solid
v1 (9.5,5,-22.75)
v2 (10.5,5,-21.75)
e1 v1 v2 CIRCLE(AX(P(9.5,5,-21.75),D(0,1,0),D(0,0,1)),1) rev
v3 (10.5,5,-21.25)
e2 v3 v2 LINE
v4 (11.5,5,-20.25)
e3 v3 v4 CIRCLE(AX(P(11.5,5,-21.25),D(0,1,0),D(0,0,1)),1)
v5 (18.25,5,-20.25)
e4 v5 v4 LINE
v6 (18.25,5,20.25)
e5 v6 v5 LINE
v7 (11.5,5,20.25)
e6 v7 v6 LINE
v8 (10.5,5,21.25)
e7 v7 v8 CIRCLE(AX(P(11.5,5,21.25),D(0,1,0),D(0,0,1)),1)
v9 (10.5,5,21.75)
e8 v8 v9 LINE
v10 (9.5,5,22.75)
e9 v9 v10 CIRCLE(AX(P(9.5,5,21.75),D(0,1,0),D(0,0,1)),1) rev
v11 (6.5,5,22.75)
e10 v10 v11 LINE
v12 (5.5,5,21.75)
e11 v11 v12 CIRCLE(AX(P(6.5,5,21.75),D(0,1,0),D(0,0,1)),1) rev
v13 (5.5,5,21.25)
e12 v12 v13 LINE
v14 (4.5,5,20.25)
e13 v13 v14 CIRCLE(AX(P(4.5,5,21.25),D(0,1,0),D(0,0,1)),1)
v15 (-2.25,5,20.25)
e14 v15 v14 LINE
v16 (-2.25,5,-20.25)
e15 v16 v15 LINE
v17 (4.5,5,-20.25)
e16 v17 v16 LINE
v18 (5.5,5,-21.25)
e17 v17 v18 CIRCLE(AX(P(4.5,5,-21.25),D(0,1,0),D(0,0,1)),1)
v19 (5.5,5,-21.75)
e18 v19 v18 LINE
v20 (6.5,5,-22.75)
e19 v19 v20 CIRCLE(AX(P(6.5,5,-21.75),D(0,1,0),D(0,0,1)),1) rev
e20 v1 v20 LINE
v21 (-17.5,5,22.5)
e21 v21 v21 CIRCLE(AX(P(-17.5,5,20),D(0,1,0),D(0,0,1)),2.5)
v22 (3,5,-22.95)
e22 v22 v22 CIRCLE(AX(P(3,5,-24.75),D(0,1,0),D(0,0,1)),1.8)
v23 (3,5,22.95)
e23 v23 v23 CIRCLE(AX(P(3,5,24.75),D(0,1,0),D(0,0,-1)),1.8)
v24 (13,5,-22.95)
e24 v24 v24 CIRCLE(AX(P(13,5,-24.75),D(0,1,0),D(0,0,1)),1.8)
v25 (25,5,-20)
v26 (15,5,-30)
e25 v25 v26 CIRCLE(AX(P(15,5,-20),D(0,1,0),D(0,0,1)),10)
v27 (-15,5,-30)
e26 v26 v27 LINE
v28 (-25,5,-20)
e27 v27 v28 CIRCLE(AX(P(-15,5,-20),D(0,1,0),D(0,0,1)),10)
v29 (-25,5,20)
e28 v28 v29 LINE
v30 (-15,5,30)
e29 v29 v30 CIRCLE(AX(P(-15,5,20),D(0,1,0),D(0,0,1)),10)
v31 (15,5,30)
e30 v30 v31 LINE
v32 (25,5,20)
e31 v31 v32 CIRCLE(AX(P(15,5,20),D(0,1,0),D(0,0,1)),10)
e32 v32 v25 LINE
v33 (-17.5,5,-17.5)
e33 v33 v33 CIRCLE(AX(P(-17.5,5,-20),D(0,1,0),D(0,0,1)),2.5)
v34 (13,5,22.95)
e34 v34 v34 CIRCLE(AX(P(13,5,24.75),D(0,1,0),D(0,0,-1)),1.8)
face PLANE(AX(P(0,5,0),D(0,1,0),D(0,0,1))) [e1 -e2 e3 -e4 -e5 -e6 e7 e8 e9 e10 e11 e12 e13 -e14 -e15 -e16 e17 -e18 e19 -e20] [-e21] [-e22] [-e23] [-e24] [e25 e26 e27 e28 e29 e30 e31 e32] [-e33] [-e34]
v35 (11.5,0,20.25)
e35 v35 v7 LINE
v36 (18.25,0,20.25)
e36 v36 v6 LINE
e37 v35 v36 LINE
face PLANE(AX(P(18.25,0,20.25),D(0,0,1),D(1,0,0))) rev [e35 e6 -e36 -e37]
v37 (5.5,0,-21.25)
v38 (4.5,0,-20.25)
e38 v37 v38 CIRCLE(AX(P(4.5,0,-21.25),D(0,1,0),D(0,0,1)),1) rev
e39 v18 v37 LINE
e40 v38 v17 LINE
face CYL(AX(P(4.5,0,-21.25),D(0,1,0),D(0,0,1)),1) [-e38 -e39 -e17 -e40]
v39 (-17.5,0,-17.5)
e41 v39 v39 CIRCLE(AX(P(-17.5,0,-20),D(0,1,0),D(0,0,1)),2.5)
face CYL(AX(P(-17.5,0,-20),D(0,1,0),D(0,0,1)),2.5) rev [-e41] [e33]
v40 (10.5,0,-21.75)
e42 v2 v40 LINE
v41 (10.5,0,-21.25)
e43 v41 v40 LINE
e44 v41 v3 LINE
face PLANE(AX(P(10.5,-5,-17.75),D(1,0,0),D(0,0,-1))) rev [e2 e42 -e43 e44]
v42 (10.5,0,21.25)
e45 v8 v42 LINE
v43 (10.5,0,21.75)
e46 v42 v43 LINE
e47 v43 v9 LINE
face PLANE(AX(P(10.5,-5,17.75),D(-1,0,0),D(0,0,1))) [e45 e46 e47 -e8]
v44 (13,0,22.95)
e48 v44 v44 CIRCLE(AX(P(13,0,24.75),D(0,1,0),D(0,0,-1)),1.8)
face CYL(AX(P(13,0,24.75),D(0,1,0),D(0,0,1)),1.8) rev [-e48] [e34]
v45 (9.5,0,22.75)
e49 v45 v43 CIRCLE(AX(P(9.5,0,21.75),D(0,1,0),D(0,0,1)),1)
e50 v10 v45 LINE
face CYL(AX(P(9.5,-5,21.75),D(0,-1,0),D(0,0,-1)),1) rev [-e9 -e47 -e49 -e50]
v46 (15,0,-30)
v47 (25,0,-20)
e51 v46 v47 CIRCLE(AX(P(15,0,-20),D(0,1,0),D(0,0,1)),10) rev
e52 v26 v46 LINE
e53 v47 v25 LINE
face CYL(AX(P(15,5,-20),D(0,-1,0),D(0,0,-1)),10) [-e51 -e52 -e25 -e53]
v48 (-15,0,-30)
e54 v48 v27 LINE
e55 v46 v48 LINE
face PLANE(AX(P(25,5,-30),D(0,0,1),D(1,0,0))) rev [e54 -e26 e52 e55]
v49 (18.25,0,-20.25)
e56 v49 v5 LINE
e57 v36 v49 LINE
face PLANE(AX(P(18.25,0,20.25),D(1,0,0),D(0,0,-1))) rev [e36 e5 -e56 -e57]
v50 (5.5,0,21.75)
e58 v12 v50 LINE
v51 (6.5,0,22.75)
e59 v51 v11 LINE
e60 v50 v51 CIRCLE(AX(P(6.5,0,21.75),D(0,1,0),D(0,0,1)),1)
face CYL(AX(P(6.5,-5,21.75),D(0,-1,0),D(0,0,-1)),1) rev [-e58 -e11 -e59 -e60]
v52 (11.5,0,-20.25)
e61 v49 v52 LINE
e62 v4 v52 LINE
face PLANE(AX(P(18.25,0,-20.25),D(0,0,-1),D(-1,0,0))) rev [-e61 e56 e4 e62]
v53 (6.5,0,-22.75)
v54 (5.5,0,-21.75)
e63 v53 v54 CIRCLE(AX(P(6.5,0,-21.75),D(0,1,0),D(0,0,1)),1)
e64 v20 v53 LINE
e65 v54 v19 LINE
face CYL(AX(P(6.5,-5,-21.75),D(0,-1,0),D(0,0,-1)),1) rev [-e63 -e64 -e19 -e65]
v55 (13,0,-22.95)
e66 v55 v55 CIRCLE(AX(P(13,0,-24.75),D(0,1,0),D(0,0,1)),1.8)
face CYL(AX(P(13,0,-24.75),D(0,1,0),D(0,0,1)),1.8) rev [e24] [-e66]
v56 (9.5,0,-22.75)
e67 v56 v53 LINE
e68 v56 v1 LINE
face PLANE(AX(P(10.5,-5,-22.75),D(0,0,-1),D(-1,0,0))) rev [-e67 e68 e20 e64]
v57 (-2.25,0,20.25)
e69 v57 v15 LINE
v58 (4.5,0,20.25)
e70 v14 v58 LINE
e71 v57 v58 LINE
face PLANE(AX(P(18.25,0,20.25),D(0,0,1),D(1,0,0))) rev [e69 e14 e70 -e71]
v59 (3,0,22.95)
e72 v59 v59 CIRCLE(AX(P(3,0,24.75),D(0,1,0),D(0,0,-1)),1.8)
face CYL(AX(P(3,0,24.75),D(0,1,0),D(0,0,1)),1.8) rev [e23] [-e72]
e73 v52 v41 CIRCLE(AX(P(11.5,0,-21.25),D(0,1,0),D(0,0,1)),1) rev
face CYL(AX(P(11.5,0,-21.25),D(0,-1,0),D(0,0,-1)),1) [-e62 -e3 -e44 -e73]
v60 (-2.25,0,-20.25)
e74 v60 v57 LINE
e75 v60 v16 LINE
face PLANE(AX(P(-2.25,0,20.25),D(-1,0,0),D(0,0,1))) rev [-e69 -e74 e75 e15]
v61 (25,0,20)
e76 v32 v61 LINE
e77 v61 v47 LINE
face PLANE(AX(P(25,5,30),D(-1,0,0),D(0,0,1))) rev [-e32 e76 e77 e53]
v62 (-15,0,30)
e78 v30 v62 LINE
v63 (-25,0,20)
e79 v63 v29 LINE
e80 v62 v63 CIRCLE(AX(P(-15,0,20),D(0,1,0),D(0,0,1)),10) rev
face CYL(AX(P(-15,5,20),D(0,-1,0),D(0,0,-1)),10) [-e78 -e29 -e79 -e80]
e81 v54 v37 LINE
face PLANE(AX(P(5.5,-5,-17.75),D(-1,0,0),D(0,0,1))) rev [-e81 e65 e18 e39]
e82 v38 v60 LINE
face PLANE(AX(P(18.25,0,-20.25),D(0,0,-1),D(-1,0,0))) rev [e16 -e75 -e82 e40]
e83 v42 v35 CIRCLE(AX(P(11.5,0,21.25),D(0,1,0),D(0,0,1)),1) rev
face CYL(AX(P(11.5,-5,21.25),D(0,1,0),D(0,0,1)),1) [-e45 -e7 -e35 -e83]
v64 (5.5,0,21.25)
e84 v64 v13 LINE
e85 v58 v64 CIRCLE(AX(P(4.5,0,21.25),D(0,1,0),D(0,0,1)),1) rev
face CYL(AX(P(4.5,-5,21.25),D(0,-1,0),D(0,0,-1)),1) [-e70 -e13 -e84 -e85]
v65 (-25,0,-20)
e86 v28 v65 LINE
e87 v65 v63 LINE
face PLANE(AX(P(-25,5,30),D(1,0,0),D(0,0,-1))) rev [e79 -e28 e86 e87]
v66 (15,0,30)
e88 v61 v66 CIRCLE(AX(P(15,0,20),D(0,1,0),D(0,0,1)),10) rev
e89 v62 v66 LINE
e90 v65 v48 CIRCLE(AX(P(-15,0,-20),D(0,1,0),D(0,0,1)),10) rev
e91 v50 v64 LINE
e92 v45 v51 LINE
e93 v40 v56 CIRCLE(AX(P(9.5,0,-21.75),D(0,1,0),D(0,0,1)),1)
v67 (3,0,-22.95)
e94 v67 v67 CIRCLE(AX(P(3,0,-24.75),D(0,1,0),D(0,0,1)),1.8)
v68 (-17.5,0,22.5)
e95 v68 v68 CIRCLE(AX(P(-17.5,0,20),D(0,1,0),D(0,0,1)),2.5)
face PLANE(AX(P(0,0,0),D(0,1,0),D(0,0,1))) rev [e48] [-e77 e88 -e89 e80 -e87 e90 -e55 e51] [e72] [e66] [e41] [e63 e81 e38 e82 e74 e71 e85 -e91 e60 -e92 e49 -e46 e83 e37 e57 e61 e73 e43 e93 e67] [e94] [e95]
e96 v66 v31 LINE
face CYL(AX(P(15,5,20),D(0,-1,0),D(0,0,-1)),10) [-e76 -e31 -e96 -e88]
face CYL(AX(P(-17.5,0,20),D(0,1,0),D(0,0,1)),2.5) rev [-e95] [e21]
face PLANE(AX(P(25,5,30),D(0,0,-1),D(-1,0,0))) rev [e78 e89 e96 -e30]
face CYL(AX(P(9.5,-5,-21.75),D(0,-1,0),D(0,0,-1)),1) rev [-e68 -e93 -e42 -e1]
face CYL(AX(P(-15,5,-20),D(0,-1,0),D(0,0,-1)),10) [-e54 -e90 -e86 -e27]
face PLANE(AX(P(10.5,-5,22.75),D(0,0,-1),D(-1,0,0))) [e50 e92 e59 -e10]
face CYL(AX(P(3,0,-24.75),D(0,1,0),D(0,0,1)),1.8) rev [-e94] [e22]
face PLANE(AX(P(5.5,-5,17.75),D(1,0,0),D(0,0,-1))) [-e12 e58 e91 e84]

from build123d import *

# Parameters (mm, degrees)
SKETCH1_W           = 50
SKETCH1_H           = 60
BOSS_EXTRUDE1_DEPTH = 5
SKETCH2_W           = 20.5
SKETCH2_H           = 40.5
CUT_EXTRUDE1_DEPTH  = 5
SKETCH3_R           = 1.8
CUT_EXTRUDE2_DEPTH  = 5
SKETCH4_R           = 2.5
CUT_EXTRUDE3_DEPTH  = 5
FILLET1_R           = 10
SKETCH5_W           = 5
SKETCH5_H           = 5
CUT_EXTRUDE4_DEPTH  = 10
FILLET2_R           = 1


with BuildPart() as part:
    # Sketch1 → Boss-Extrude1 (new body)
    with BuildSketch(Plane(origin=(0, 0, 0), x_dir=(1, 0, 0), z_dir=(0, 1, 0))):
        Rectangle(SKETCH1_W, SKETCH1_H)
    extrude(amount=BOSS_EXTRUDE1_DEPTH)

    # Sketch2 → Cut-Extrude1 (cut)
    with BuildSketch(Plane(origin=(0, 5, 0), x_dir=(1, 0, 0), z_dir=(0, 1, 0))):
        with Locations((8, 0)):
            Rectangle(SKETCH2_W, SKETCH2_H)
    extrude(amount=-CUT_EXTRUDE1_DEPTH, mode=Mode.SUBTRACT)

    # Sketch3 → Cut-Extrude2 (cut)
    with BuildSketch(Plane(origin=(0, 5, 0), x_dir=(1, 0, 0), z_dir=(0, 1, 0))):
        with Locations((3, 24.75)):
            Circle(SKETCH3_R)
        with Locations((13, 24.75)):
            Circle(SKETCH3_R)
        with Locations((13, -24.75)):
            Circle(SKETCH3_R)
        with Locations((3, -24.75)):
            Circle(SKETCH3_R)
    extrude(amount=-CUT_EXTRUDE2_DEPTH, mode=Mode.SUBTRACT)

    # Sketch4 → Cut-Extrude3 (cut)
    with BuildSketch(Plane(origin=(0, 5, 0), x_dir=(1, 0, 0), z_dir=(0, 1, 0))):
        with Locations((-17.5, 20)):
            Circle(SKETCH4_R)
        with Locations((-17.5, -20)):
            Circle(SKETCH4_R)
    extrude(amount=-CUT_EXTRUDE3_DEPTH, mode=Mode.SUBTRACT)

    # Fillet1
    fillet1_edges = [part.edges().sort_by_distance(p)[0] for p in [
        (-25, 2.5, -30),
        (25, 2.5, -30),
        (25, 2.5, 30),
        (-25, 2.5, 30),
    ]]
    fillet(fillet1_edges, radius=FILLET1_R)

    # Sketch5 → Cut-Extrude4 (cut)
    with BuildSketch(Plane(origin=(0, 5, 0), x_dir=(1, 0, 0), z_dir=(0, 1, 0))):
        with Locations((8, 20.25)):
            Rectangle(SKETCH5_W, SKETCH5_H)
    cut_extrude4 = extrude(amount=-CUT_EXTRUDE4_DEPTH, mode=Mode.SUBTRACT)

    # Mirror1: Cut-Extrude4 across plane
    add(cut_extrude4.mirror(Plane.XY), mode=Mode.SUBTRACT)

    # Fillet2
    fillet2_edges = [part.edges().sort_by_distance(p)[0] for p in [
        (10.5, 2.5, 20.25),
        (5.5, 2.5, 20.25),
        (10.5, 2.5, 22.75),
        (5.5, 2.5, 22.75),
        (10.5, 2.5, -20.25),
        (5.5, 2.5, -20.25),
        (5.5, 2.5, -22.75),
        (10.5, 2.5, -22.75),
    ]]
    fillet(fillet2_edges, radius=FILLET2_R)


solid = part.part
